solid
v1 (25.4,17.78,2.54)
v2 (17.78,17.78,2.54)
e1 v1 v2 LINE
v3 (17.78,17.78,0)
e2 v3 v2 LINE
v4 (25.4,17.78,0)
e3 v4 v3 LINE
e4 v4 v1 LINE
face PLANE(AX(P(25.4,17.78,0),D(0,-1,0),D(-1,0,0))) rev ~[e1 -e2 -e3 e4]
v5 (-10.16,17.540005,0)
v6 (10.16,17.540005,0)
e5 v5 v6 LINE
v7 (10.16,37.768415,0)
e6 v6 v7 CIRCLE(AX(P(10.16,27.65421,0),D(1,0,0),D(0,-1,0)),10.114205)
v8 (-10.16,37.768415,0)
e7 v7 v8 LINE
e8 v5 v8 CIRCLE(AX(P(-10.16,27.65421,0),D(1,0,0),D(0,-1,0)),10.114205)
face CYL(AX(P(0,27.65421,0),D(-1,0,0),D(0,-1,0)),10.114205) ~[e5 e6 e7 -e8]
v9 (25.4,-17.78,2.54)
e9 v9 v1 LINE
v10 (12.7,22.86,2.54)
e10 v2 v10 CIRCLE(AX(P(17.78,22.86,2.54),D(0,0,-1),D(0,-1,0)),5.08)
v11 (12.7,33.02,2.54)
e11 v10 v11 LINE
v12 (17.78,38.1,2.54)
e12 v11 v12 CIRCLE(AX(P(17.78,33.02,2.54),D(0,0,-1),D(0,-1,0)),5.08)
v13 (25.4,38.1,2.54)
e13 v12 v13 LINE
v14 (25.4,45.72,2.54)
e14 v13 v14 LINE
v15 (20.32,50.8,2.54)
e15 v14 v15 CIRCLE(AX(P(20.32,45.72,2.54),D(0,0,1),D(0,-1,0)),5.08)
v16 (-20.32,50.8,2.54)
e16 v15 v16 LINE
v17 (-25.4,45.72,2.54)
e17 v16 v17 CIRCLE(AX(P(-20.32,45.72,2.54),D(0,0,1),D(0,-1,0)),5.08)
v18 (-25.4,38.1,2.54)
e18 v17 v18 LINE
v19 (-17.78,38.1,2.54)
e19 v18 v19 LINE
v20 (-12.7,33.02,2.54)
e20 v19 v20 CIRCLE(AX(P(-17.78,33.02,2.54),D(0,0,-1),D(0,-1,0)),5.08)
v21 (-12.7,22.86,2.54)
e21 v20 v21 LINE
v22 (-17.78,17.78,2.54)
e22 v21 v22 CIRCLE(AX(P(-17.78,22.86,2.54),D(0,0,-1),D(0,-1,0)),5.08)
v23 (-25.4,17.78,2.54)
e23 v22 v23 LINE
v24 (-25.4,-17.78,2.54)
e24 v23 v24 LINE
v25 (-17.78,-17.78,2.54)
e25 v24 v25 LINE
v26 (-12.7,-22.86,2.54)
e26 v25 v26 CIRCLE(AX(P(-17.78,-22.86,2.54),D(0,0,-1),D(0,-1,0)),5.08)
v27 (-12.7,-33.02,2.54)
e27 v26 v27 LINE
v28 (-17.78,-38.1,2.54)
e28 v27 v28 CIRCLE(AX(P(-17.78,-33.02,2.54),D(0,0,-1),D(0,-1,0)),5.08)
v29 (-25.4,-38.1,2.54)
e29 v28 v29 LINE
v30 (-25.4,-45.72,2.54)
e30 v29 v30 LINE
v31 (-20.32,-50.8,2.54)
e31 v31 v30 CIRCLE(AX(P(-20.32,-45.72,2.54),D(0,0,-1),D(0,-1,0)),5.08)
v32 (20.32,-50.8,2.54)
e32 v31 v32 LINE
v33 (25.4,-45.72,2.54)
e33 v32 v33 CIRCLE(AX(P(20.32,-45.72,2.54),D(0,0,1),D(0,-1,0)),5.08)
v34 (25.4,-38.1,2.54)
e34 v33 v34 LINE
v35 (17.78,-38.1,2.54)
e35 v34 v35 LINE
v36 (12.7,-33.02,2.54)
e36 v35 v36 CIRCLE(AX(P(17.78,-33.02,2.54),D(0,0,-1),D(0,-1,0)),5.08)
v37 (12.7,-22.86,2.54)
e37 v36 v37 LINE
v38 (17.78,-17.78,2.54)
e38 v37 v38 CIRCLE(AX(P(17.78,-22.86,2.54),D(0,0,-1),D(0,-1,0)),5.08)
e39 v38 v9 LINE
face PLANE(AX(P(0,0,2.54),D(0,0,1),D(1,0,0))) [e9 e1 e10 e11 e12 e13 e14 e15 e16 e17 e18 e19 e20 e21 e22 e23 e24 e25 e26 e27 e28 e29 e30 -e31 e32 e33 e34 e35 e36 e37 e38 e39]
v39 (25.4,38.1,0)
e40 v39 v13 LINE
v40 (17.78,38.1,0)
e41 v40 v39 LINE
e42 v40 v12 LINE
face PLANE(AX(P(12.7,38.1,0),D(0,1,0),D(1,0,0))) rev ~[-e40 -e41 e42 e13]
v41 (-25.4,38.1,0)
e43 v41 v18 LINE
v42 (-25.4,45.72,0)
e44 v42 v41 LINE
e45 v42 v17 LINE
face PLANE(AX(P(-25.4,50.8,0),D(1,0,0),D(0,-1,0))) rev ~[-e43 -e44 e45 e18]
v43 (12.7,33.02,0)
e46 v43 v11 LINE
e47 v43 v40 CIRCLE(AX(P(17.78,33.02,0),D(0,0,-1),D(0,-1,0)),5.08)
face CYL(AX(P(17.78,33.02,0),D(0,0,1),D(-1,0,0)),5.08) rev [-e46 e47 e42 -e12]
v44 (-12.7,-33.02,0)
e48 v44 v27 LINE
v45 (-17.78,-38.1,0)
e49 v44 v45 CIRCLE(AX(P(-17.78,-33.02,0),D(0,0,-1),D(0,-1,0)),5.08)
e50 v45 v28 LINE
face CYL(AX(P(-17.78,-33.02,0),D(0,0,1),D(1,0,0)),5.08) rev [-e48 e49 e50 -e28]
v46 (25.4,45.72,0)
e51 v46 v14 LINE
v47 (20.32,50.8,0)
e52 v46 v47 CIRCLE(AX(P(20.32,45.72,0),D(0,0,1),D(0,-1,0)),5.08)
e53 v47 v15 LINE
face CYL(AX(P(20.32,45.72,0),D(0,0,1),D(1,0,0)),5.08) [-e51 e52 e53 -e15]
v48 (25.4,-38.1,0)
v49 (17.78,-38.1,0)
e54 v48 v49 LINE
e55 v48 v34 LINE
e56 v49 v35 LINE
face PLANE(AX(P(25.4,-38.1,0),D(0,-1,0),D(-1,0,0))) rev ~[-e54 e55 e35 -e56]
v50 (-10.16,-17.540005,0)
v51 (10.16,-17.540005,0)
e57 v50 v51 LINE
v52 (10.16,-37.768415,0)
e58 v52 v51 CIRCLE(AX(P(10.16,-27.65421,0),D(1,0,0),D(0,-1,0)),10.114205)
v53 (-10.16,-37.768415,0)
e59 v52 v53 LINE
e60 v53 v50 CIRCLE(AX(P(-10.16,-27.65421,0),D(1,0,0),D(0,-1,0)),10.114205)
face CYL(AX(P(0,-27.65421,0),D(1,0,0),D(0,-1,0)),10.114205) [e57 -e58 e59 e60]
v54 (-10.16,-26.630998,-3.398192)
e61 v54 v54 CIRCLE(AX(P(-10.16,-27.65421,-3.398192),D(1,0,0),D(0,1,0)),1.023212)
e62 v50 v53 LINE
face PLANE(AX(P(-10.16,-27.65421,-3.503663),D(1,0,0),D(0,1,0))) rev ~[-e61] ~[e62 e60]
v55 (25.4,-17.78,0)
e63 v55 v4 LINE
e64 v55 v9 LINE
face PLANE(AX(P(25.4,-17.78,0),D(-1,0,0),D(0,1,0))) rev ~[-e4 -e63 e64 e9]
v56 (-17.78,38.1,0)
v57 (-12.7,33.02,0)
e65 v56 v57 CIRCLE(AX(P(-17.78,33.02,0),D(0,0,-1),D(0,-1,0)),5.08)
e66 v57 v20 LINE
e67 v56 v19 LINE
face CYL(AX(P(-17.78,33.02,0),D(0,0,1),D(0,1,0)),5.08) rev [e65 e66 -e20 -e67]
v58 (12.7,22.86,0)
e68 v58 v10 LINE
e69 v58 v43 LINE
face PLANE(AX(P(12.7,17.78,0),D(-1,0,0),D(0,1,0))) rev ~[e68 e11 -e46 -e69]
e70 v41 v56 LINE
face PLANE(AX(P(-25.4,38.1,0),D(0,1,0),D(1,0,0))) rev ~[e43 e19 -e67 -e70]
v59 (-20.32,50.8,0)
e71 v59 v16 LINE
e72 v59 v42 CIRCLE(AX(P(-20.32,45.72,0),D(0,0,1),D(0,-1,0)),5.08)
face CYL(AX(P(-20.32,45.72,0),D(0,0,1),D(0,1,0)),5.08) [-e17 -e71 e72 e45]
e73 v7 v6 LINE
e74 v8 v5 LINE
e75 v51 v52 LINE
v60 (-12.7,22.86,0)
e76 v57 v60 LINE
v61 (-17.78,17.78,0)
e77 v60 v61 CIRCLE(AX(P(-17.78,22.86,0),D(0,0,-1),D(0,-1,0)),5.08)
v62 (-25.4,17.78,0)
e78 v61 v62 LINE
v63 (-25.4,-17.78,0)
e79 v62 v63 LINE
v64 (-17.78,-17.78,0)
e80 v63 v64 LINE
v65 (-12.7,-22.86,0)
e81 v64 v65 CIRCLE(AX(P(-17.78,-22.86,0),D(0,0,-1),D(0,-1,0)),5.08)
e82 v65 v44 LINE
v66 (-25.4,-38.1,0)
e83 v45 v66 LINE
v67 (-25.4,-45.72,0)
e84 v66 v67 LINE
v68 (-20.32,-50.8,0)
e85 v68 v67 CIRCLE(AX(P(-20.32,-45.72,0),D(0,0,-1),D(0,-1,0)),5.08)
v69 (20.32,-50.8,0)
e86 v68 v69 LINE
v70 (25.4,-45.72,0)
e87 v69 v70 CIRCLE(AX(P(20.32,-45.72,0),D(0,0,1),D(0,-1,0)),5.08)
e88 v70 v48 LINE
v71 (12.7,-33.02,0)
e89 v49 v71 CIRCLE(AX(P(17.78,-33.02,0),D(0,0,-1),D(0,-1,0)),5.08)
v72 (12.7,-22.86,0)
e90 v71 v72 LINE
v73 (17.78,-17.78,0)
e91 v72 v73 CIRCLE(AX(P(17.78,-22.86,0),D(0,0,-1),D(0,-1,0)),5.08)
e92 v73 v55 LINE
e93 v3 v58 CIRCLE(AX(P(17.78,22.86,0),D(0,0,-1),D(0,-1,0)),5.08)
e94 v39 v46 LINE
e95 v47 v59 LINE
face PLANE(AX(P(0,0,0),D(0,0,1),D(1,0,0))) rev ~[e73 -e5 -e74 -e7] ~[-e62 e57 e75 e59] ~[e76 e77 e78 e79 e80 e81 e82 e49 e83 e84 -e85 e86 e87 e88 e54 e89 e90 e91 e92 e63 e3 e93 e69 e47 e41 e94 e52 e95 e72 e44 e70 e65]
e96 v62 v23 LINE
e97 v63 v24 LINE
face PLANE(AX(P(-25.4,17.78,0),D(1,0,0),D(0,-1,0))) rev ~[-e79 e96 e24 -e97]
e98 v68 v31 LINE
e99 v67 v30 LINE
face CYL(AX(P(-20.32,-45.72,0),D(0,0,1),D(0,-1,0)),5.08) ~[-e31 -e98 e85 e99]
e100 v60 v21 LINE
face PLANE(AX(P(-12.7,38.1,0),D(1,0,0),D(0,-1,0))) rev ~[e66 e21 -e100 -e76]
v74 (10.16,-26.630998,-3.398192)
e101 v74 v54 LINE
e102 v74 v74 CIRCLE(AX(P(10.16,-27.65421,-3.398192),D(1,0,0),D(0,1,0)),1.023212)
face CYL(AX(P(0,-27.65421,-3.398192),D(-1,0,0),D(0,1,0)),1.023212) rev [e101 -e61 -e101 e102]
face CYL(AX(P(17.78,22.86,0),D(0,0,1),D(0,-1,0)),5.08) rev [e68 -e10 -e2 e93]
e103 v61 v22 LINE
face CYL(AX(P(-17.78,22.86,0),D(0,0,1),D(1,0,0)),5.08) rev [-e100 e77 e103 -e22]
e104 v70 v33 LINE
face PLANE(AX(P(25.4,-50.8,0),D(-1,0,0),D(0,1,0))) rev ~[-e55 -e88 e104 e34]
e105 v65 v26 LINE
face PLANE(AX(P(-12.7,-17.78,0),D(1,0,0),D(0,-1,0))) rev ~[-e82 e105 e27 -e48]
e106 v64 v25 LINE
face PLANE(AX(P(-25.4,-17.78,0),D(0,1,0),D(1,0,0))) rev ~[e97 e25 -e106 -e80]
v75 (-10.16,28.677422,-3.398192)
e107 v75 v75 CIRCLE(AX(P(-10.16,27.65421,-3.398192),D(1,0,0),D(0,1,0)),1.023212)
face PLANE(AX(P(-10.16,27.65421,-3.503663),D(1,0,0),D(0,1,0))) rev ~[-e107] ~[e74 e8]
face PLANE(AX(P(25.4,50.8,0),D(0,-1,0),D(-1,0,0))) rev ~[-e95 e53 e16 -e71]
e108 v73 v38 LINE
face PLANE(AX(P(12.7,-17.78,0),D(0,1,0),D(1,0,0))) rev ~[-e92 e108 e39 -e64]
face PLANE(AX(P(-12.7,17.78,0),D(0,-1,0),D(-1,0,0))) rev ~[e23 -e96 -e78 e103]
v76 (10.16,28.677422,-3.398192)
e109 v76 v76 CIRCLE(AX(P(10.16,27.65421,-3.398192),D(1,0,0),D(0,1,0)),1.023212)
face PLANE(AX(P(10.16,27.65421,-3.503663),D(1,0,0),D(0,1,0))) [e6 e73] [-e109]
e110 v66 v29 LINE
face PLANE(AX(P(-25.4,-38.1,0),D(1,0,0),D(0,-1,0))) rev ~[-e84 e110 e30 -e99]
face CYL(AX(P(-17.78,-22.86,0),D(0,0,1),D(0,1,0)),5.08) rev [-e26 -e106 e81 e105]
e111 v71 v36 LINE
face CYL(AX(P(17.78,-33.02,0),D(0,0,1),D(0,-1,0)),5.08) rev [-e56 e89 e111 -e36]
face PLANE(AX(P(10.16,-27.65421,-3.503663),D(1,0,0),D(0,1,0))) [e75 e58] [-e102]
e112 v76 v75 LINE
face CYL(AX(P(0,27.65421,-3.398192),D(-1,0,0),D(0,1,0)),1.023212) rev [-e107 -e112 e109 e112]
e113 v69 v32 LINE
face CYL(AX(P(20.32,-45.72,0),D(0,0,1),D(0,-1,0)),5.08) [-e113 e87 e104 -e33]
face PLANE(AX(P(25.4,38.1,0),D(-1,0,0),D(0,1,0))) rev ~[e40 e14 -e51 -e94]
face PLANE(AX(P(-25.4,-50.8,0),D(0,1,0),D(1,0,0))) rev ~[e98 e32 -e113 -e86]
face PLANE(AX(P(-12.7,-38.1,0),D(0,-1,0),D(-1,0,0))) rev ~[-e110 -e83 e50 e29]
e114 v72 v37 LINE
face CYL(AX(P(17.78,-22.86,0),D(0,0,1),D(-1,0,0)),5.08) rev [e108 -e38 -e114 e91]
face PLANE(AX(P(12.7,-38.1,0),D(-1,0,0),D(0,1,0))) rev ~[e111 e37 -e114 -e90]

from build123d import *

# Parameters (mm, degrees)
F1_DEPTH = 2.54
F2_R     = 5.08
F3_R     = 1.0232120847
F4_DEPTH = 10.16


with BuildPart() as f1:
    # F0 (on Top) → F1 (new body)
    with BuildSketch(Plane.XY):
        Polygon((-25.4, -50.8), (25.4, -50.8), (25.4, -38.1), (12.7, -38.1), (12.7, -17.78), (25.4, -17.78), (25.4, 17.78), (12.7, 17.78), (12.7, 38.1), (25.4, 38.1), (25.4, 50.8), (-25.4, 50.8), (-25.4, 38.1), (-12.7, 38.1), (-12.7, 17.78), (-25.4, 17.78), (-25.4, -17.78), (-12.7, -17.78), (-12.7, -38.1), (-25.4, -38.1), align=None)
    extrude(amount=F1_DEPTH)

    # F2
    f2_edges = [f1.edges().sort_by_distance(p)[0] for p in [
        (25.4, 50.8, 1.27),
        (-25.4, 50.8, 1.27),
        (25.4, -50.8, 1.27),
        (-25.4, -50.8, 1.27),
        (-12.7, -17.78, 1.27),
        (-12.7, -38.1, 1.27),
        (-12.7, 17.78, 1.27),
        (-12.7, 38.1, 1.27),
        (12.7, 38.1, 1.27),
        (12.7, 17.78, 1.27),
        (12.7, -17.78, 1.27),
        (12.7, -38.1, 1.27),
    ]]
    fillet(f2_edges, radius=F2_R)

    # F3 (on Right) → F4 (join, symmetric)
    with BuildSketch(Plane.YZ):
        with BuildLine():
            Line((37.7684151684, 0), (17.5400050426, 0))
            ThreePointArc((17.5400050426, 0), (27.6542101055, -10.1142050629), (37.7684151684, 0))
        make_face()
        with Locations((27.6542101055, -3.3981921151)):
            Circle(F3_R, mode=Mode.SUBTRACT)
        with BuildLine():
            ThreePointArc((-37.7684151684, 0), (-27.6542101055, -10.1142050629), (-17.5400050426, 0))
            Line((-17.5400050426, 0), (-37.7684151684, 0))
        make_face()
        with Locations((-27.6542101055, -3.3981921151)):
            Circle(F3_R, mode=Mode.SUBTRACT)
    extrude(amount=F4_DEPTH, both=True)


solid = f1.part
